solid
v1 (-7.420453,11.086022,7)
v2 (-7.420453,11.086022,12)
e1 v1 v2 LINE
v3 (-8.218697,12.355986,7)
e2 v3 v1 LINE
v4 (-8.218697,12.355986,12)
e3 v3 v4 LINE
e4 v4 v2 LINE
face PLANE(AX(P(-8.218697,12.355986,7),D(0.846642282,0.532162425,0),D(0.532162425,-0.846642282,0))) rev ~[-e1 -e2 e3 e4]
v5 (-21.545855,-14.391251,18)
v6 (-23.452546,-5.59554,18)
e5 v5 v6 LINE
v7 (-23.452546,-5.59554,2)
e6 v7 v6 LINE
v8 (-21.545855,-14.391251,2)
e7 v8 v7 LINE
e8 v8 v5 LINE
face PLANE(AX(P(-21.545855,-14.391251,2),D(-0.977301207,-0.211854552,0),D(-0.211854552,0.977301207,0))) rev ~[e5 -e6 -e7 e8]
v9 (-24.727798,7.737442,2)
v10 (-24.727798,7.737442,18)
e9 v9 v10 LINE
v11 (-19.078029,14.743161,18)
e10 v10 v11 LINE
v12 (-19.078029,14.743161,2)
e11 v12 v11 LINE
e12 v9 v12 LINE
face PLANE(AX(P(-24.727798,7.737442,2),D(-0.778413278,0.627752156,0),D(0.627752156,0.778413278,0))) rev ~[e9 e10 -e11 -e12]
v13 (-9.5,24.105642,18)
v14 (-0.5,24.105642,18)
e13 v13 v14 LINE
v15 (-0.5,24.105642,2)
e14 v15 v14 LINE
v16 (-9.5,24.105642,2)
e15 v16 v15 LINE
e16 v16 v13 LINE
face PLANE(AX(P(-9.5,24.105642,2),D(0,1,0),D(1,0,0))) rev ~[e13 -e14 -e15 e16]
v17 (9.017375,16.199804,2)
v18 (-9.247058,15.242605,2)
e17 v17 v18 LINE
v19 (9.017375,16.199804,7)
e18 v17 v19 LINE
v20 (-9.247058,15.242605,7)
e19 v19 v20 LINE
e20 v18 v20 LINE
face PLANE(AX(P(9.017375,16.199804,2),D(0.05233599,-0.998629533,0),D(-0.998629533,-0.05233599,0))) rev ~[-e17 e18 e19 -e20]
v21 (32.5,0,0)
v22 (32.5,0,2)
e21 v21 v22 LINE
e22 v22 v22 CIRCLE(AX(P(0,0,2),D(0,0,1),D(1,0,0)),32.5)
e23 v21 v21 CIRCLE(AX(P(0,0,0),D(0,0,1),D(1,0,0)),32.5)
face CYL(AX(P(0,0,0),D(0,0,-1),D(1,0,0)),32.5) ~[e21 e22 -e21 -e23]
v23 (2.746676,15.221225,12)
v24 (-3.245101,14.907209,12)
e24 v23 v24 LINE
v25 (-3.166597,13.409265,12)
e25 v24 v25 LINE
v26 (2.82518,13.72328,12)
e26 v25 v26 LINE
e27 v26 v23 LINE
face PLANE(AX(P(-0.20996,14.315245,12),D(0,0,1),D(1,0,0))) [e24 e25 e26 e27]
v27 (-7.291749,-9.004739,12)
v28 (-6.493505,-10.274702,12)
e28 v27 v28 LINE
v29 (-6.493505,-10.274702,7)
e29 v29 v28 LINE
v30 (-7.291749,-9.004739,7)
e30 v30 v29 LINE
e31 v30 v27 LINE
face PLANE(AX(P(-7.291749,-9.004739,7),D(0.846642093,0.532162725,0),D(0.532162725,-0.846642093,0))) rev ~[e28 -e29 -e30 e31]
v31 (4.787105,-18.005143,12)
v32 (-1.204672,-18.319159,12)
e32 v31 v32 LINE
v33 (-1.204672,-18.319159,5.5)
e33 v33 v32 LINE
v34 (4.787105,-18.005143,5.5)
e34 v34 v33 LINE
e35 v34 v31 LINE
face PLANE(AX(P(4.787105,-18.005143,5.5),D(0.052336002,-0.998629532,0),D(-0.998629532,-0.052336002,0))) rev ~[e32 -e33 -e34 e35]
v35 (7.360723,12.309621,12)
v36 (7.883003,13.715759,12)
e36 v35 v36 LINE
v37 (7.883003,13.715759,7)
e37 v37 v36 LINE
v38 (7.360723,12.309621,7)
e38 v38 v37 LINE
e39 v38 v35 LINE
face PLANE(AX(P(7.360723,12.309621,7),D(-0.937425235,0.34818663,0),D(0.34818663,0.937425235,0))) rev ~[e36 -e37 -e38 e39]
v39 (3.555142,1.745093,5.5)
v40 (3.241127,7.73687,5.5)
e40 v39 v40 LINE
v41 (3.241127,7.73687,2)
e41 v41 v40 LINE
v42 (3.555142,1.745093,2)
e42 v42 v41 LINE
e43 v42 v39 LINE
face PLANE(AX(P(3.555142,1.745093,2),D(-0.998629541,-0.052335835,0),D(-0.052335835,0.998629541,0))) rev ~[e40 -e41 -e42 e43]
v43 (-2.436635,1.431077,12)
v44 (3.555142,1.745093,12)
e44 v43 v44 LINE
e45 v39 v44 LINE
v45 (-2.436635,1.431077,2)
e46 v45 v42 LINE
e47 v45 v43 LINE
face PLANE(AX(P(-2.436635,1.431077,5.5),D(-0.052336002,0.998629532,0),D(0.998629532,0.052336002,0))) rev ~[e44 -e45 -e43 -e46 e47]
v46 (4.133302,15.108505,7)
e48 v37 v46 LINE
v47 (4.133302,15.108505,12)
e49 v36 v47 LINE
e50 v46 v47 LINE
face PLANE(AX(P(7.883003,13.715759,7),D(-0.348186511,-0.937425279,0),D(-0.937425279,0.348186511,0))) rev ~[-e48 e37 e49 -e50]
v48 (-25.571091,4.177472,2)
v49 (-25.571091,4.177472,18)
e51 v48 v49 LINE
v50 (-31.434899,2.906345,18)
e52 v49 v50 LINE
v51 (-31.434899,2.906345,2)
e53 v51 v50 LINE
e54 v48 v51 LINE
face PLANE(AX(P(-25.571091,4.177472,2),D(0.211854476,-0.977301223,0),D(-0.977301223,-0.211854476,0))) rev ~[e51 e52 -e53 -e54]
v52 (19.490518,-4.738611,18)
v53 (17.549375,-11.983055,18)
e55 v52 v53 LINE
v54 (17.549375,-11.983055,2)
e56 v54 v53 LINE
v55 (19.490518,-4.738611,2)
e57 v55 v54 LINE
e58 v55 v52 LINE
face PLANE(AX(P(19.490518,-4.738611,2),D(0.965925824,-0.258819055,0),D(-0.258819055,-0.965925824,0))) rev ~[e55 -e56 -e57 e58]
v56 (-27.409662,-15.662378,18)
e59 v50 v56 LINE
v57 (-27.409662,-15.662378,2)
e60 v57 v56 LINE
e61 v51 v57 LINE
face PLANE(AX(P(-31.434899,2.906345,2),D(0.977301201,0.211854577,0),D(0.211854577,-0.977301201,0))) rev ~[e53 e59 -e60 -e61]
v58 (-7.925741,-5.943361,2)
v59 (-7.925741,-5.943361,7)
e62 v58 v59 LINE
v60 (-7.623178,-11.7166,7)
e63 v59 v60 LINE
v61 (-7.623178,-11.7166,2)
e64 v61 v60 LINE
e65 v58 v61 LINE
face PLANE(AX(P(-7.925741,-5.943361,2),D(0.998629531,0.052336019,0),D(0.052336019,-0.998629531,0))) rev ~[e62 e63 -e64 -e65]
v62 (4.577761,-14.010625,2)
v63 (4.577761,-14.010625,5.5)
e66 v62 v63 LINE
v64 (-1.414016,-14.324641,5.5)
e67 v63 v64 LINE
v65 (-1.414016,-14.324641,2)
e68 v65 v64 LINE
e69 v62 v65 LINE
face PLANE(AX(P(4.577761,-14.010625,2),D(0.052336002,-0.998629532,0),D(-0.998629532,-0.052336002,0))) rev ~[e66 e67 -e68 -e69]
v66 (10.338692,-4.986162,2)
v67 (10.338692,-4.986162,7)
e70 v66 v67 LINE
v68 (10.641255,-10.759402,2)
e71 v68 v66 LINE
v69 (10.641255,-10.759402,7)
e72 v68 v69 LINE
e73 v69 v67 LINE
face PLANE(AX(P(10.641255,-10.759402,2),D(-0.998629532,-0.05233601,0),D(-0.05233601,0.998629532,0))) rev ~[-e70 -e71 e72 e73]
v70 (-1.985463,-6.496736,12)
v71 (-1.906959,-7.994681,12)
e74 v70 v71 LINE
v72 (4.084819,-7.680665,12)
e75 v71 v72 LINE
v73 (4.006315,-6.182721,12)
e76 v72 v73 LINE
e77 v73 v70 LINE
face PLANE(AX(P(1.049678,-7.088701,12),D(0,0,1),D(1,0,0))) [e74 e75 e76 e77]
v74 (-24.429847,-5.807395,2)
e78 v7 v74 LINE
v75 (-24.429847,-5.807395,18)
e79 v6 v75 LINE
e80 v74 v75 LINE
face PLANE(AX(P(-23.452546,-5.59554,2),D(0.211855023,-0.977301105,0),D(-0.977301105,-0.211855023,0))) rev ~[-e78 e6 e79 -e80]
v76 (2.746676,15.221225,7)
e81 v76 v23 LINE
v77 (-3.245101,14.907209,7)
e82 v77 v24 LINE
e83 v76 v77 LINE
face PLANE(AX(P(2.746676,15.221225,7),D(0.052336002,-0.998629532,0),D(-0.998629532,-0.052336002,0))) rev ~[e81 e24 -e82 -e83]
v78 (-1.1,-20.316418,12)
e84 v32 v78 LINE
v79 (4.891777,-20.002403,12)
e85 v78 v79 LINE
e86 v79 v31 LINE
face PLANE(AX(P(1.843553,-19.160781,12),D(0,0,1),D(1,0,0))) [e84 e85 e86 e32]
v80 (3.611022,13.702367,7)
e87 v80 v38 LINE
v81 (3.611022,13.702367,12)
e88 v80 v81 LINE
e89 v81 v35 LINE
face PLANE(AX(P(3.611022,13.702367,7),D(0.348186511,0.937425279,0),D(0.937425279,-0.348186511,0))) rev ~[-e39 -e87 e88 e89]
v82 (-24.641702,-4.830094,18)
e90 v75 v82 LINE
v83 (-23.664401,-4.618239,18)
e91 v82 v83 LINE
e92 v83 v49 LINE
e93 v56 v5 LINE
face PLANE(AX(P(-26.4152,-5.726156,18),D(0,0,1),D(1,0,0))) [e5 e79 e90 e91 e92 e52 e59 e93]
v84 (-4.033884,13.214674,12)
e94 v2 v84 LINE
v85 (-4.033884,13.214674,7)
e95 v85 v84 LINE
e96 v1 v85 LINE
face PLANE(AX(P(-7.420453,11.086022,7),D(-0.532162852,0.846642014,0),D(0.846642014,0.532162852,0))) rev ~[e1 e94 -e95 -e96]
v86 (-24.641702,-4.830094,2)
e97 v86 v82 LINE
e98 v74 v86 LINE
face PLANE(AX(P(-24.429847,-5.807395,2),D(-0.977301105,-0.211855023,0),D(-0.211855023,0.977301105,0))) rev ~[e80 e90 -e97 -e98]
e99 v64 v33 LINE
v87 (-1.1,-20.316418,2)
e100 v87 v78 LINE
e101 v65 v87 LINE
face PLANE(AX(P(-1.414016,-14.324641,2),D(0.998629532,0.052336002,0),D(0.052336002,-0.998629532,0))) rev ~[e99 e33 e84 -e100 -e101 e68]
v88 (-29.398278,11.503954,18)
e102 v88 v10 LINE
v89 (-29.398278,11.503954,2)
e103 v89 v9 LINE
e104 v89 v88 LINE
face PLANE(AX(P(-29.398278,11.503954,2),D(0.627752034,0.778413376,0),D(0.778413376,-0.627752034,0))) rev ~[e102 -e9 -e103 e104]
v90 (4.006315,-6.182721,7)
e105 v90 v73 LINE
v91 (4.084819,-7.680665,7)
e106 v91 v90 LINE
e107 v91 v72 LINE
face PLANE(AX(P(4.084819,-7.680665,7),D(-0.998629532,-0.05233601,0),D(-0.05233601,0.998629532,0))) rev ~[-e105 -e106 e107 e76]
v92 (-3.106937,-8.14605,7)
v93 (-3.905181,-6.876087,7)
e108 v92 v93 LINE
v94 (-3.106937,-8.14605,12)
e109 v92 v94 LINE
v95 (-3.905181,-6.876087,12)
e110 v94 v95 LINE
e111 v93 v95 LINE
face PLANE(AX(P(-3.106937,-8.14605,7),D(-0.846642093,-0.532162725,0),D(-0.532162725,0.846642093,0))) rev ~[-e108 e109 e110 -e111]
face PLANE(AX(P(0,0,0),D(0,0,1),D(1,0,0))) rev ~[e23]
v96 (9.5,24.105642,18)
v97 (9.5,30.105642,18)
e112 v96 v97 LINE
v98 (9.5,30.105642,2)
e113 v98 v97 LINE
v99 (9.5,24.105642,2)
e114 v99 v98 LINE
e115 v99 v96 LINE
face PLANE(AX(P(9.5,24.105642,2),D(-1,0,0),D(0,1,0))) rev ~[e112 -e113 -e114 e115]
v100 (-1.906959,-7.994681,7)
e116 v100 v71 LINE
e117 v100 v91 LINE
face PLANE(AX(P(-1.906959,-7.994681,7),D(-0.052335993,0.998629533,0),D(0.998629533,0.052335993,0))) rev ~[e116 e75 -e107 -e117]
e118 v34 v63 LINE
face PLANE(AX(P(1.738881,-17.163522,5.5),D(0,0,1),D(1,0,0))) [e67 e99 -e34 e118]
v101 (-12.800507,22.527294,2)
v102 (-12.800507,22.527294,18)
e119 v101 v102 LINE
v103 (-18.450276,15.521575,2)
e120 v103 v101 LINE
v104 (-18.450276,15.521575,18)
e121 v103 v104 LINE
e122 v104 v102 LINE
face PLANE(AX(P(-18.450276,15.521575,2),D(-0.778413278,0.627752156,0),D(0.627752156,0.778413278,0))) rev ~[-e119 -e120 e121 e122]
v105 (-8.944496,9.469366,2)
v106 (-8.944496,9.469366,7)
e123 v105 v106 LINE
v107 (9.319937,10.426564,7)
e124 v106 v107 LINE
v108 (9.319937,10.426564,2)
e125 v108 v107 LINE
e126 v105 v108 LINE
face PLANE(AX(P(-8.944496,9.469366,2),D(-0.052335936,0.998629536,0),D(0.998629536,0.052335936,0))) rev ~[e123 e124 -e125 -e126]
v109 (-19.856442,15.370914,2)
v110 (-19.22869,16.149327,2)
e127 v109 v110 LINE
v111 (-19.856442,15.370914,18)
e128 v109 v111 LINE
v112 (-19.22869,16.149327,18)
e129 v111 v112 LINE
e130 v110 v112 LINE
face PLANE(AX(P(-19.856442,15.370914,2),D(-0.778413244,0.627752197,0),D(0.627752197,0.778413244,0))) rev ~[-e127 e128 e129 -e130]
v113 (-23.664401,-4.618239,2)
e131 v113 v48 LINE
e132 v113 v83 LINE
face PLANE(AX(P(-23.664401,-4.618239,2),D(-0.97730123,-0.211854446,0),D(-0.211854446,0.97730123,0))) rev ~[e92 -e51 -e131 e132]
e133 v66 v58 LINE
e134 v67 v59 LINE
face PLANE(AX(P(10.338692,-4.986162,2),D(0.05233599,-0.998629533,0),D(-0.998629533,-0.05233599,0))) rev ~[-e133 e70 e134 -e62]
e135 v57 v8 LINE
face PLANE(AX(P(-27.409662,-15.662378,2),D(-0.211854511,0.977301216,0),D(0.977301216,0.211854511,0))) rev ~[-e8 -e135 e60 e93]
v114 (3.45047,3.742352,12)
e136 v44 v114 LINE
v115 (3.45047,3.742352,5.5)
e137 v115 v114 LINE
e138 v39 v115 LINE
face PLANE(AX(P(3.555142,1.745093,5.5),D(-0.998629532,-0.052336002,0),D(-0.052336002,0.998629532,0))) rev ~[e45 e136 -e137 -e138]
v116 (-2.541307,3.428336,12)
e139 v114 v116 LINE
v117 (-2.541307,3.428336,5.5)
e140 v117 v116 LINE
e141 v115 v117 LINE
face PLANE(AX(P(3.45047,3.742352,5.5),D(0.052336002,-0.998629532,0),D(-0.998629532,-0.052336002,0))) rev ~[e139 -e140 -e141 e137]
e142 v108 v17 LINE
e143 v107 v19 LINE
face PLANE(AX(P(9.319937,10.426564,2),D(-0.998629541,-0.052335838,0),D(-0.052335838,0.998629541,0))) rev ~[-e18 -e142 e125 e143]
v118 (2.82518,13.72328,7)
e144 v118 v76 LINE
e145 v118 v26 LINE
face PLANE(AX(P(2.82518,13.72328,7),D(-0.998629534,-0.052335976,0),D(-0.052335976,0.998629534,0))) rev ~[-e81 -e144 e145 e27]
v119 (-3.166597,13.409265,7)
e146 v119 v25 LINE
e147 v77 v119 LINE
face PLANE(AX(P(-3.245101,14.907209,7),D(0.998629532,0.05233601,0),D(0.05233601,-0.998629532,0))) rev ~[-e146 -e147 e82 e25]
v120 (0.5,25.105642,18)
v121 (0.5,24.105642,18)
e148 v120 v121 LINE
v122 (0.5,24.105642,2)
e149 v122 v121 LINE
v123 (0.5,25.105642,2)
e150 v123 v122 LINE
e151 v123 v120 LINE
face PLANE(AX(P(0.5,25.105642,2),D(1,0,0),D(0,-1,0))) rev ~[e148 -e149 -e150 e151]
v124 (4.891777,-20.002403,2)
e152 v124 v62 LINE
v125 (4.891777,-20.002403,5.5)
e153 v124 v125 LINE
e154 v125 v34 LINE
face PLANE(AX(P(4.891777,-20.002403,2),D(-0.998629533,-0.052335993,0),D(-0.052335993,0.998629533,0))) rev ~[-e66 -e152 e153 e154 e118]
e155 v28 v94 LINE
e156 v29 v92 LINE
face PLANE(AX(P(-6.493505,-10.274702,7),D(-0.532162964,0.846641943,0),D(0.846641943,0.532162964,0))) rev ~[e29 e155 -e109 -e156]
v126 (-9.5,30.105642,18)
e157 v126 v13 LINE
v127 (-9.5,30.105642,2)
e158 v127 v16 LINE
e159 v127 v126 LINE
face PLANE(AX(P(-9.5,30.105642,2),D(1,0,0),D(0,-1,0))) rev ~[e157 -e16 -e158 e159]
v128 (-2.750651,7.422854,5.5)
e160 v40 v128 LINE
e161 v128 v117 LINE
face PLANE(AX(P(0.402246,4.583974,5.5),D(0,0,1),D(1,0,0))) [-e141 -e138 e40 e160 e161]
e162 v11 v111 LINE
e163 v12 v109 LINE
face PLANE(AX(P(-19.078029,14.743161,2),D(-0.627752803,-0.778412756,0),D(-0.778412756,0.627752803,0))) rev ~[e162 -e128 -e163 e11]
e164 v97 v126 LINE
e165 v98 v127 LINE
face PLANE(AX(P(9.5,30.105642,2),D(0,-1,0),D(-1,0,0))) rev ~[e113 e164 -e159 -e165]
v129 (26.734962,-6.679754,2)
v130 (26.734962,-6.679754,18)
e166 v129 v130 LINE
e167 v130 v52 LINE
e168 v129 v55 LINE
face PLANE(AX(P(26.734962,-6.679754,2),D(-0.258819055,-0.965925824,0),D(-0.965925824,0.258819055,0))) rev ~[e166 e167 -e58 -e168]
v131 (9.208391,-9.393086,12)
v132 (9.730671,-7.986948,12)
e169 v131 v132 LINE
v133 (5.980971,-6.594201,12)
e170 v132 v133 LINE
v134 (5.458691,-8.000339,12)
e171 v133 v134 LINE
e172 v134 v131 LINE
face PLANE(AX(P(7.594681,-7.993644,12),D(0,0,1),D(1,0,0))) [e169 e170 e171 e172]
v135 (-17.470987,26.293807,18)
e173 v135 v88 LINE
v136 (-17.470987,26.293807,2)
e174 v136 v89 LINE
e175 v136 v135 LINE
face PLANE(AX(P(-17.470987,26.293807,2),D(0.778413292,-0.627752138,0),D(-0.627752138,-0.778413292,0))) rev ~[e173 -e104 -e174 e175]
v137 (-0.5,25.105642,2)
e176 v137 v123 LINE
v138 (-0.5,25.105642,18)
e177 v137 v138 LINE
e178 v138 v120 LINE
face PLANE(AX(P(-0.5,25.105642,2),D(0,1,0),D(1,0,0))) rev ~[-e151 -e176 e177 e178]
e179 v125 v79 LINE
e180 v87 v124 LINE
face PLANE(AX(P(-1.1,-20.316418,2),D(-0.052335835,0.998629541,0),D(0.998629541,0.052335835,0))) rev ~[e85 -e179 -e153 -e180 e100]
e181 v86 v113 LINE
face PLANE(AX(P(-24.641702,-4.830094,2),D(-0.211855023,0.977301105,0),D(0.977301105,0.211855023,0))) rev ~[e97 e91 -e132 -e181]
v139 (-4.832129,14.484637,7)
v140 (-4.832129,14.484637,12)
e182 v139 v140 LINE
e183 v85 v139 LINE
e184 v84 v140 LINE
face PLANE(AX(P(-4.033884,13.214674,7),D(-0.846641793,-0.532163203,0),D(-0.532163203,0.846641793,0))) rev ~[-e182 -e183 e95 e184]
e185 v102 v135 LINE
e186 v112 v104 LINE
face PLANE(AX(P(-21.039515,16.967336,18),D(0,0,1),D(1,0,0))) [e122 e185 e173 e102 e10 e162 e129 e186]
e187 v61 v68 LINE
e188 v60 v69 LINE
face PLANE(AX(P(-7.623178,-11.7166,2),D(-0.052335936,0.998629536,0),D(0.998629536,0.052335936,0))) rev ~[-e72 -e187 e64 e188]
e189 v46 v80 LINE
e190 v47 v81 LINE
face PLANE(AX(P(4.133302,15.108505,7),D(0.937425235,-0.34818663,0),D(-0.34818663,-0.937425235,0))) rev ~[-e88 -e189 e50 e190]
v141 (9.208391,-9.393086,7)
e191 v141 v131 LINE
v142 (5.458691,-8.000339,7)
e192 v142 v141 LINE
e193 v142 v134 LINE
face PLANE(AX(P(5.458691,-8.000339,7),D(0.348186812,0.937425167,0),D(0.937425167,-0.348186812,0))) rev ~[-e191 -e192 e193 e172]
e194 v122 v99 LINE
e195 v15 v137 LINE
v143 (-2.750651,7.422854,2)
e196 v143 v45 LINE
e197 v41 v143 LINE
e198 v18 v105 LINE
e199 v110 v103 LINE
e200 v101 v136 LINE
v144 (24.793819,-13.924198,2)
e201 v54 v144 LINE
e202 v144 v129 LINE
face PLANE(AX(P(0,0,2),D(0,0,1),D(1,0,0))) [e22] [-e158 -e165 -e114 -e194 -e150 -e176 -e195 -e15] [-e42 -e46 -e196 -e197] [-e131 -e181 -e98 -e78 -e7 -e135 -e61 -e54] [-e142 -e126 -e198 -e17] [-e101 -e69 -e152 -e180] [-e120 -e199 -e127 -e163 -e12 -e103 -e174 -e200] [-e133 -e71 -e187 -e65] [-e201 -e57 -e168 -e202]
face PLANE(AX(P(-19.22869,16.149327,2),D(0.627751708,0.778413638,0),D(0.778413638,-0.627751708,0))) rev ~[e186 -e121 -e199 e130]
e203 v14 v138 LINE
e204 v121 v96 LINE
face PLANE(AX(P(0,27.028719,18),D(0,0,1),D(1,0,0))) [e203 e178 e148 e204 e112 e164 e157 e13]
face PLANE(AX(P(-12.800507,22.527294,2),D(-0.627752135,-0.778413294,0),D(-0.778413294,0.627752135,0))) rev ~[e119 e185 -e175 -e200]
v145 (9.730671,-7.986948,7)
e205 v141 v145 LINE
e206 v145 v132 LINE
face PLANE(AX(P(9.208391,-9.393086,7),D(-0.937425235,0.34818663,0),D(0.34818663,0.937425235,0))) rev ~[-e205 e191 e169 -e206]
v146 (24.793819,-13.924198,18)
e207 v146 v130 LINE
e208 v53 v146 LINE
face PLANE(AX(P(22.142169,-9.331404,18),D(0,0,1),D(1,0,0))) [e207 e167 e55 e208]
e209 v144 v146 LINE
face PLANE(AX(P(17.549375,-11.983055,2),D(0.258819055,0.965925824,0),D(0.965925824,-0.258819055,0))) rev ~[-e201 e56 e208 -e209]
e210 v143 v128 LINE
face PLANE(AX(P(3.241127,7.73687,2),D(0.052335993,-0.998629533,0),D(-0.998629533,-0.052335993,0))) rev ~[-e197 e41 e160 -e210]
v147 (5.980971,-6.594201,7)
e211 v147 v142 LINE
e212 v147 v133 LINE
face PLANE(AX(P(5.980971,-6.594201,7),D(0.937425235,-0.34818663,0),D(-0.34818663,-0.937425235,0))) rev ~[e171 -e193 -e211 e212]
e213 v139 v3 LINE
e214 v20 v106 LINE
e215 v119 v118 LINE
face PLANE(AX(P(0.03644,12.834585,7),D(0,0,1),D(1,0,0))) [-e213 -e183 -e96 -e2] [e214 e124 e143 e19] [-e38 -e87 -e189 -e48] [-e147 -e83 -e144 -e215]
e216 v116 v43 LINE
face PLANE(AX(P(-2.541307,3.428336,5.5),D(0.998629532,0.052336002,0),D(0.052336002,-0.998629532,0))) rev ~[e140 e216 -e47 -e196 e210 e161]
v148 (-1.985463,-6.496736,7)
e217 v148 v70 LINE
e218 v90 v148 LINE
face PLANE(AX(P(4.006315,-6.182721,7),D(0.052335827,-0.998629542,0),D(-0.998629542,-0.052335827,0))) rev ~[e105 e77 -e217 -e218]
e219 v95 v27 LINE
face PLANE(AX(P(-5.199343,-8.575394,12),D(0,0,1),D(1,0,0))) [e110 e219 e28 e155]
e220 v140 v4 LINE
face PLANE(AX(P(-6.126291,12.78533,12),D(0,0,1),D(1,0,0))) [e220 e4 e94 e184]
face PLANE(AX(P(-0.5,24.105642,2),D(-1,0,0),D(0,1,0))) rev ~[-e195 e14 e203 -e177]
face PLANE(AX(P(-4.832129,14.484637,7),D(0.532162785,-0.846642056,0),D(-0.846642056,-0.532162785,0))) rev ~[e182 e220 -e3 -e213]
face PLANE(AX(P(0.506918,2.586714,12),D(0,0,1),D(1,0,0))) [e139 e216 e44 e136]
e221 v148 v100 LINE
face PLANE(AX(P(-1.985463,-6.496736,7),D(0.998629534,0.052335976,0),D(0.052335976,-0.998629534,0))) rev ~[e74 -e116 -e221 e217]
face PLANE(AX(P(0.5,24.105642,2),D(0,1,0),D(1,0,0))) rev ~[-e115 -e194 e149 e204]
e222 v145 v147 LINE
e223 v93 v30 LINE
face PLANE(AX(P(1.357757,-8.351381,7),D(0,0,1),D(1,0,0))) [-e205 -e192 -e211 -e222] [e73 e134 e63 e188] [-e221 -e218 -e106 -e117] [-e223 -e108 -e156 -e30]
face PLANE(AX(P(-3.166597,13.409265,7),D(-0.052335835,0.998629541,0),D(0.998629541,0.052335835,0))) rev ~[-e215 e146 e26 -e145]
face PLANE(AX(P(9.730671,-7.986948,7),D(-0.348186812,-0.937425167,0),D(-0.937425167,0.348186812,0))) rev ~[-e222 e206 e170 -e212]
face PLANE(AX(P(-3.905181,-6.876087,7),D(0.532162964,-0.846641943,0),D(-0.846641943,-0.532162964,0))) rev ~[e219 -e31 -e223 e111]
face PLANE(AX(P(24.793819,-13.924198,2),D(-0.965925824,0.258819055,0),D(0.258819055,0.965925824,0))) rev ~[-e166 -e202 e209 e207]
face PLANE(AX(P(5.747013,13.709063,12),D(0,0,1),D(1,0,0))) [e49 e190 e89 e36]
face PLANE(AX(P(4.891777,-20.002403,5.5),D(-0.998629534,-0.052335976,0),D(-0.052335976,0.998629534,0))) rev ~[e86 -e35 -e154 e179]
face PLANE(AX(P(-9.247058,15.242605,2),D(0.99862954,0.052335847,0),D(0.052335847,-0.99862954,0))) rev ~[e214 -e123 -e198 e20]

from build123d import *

# Parameters (mm, degrees)
F0_R      = 32.5
F1_DEPTH  = 2
F3_DEPTH  = 16
F5_DEPTH  = 5
F8_DEPTH  = 3.5
F10_DEPTH = 6.5
F12_DEPTH = 5


with BuildPart() as f1:
    # F0 (on Top) → F1 (new body)
    with BuildSketch(Plane.XY):
        Circle(F0_R)
    extrude(amount=F1_DEPTH)

    # F2 (on face) → F3 (join)
    with BuildSketch(Plane.XY.offset(2)):
        Polygon((-17.470987, 26.293807), (-29.398278, 11.503954), (-24.727798, 7.737442), (-19.078029, 14.743161), (-19.856442, 15.370914), (-19.22869, 16.149327), (-18.450276, 15.521575), (-12.800507, 22.527294), align=None)
        Polygon((9.5, 30.105642), (-9.5, 30.105642), (-9.5, 24.105642), (-0.5, 24.105642), (-0.5, 25.105642), (0.5, 25.105642), (0.5, 24.105642), (9.5, 24.105642), align=None)
        Polygon((-31.434899, 2.906345), (-27.409662, -15.662378), (-21.545855, -14.391251), (-23.452546, -5.59554), (-24.429847, -5.807395), (-24.641702, -4.830094), (-23.664401, -4.618239), (-25.571091, 4.177472), align=None)
        Polygon((26.734962, -6.679754), (19.490518, -4.738611), (17.549375, -11.983055), (24.793819, -13.924198), align=None)
    extrude(amount=F3_DEPTH)

    # F4 (on face) → F5 (join)
    with BuildSketch(Plane.XY.offset(2)):
        Polygon((10.338692, -4.986162), (-7.925741, -5.943361), (-7.623178, -11.7166), (10.641255, -10.759402), align=None)
        Polygon((9.017375, 16.199804), (-9.247058, 15.242605), (-8.944496, 9.469366), (9.319937, 10.426564), align=None)
    extrude(amount=F5_DEPTH)

    # F7 (on face) → F8 (join)
    with BuildSketch(Plane.XY.offset(2)):
        Polygon((3.241127, 7.73687), (-2.750651, 7.422854), (-2.436635, 1.431077), (3.555142, 1.745093), align=None)
        Polygon((4.577761, -14.010625), (-1.414016, -14.324641), (-1.1, -20.316418), (4.891777, -20.002403), align=None)
    extrude(amount=F8_DEPTH)

    # F9 (on face) → F10 (join)
    with BuildSketch(Plane.XY.offset(5.5)):
        Polygon((3.45047, 3.742352), (-2.541307, 3.428336), (-2.436635, 1.431077), (3.555142, 1.745093), align=None)
        Polygon((4.787105, -18.005143), (-1.204672, -18.319159), (-1.1, -20.316418), (4.891777, -20.002403), align=None)
    extrude(amount=F10_DEPTH)

    # F11 (on face) → F12 (join)
    with BuildSketch(Plane.XY.offset(7)):
        Polygon((-3.905181, -6.876087), (-7.291749, -9.004739), (-6.493505, -10.274702), (-3.106937, -8.14605), align=None)
        Polygon((4.006315, -6.182721), (-1.985463, -6.496736), (-1.906959, -7.994681), (4.084819, -7.680665), align=None)
        Polygon((9.730671, -7.986948), (5.980971, -6.594201), (5.458691, -8.000339), (9.208391, -9.393086), align=None)
        Polygon((-4.832129, 14.484637), (-8.218697, 12.355986), (-7.420453, 11.086022), (-4.033884, 13.214674), align=None)
        Polygon((2.746676, 15.221225), (-3.245101, 14.907209), (-3.166597, 13.409265), (2.82518, 13.72328), align=None)
        Polygon((7.883003, 13.715759), (4.133302, 15.108505), (3.611022, 13.702367), (7.360723, 12.309621), align=None)
    extrude(amount=F12_DEPTH)


solid = f1.part
